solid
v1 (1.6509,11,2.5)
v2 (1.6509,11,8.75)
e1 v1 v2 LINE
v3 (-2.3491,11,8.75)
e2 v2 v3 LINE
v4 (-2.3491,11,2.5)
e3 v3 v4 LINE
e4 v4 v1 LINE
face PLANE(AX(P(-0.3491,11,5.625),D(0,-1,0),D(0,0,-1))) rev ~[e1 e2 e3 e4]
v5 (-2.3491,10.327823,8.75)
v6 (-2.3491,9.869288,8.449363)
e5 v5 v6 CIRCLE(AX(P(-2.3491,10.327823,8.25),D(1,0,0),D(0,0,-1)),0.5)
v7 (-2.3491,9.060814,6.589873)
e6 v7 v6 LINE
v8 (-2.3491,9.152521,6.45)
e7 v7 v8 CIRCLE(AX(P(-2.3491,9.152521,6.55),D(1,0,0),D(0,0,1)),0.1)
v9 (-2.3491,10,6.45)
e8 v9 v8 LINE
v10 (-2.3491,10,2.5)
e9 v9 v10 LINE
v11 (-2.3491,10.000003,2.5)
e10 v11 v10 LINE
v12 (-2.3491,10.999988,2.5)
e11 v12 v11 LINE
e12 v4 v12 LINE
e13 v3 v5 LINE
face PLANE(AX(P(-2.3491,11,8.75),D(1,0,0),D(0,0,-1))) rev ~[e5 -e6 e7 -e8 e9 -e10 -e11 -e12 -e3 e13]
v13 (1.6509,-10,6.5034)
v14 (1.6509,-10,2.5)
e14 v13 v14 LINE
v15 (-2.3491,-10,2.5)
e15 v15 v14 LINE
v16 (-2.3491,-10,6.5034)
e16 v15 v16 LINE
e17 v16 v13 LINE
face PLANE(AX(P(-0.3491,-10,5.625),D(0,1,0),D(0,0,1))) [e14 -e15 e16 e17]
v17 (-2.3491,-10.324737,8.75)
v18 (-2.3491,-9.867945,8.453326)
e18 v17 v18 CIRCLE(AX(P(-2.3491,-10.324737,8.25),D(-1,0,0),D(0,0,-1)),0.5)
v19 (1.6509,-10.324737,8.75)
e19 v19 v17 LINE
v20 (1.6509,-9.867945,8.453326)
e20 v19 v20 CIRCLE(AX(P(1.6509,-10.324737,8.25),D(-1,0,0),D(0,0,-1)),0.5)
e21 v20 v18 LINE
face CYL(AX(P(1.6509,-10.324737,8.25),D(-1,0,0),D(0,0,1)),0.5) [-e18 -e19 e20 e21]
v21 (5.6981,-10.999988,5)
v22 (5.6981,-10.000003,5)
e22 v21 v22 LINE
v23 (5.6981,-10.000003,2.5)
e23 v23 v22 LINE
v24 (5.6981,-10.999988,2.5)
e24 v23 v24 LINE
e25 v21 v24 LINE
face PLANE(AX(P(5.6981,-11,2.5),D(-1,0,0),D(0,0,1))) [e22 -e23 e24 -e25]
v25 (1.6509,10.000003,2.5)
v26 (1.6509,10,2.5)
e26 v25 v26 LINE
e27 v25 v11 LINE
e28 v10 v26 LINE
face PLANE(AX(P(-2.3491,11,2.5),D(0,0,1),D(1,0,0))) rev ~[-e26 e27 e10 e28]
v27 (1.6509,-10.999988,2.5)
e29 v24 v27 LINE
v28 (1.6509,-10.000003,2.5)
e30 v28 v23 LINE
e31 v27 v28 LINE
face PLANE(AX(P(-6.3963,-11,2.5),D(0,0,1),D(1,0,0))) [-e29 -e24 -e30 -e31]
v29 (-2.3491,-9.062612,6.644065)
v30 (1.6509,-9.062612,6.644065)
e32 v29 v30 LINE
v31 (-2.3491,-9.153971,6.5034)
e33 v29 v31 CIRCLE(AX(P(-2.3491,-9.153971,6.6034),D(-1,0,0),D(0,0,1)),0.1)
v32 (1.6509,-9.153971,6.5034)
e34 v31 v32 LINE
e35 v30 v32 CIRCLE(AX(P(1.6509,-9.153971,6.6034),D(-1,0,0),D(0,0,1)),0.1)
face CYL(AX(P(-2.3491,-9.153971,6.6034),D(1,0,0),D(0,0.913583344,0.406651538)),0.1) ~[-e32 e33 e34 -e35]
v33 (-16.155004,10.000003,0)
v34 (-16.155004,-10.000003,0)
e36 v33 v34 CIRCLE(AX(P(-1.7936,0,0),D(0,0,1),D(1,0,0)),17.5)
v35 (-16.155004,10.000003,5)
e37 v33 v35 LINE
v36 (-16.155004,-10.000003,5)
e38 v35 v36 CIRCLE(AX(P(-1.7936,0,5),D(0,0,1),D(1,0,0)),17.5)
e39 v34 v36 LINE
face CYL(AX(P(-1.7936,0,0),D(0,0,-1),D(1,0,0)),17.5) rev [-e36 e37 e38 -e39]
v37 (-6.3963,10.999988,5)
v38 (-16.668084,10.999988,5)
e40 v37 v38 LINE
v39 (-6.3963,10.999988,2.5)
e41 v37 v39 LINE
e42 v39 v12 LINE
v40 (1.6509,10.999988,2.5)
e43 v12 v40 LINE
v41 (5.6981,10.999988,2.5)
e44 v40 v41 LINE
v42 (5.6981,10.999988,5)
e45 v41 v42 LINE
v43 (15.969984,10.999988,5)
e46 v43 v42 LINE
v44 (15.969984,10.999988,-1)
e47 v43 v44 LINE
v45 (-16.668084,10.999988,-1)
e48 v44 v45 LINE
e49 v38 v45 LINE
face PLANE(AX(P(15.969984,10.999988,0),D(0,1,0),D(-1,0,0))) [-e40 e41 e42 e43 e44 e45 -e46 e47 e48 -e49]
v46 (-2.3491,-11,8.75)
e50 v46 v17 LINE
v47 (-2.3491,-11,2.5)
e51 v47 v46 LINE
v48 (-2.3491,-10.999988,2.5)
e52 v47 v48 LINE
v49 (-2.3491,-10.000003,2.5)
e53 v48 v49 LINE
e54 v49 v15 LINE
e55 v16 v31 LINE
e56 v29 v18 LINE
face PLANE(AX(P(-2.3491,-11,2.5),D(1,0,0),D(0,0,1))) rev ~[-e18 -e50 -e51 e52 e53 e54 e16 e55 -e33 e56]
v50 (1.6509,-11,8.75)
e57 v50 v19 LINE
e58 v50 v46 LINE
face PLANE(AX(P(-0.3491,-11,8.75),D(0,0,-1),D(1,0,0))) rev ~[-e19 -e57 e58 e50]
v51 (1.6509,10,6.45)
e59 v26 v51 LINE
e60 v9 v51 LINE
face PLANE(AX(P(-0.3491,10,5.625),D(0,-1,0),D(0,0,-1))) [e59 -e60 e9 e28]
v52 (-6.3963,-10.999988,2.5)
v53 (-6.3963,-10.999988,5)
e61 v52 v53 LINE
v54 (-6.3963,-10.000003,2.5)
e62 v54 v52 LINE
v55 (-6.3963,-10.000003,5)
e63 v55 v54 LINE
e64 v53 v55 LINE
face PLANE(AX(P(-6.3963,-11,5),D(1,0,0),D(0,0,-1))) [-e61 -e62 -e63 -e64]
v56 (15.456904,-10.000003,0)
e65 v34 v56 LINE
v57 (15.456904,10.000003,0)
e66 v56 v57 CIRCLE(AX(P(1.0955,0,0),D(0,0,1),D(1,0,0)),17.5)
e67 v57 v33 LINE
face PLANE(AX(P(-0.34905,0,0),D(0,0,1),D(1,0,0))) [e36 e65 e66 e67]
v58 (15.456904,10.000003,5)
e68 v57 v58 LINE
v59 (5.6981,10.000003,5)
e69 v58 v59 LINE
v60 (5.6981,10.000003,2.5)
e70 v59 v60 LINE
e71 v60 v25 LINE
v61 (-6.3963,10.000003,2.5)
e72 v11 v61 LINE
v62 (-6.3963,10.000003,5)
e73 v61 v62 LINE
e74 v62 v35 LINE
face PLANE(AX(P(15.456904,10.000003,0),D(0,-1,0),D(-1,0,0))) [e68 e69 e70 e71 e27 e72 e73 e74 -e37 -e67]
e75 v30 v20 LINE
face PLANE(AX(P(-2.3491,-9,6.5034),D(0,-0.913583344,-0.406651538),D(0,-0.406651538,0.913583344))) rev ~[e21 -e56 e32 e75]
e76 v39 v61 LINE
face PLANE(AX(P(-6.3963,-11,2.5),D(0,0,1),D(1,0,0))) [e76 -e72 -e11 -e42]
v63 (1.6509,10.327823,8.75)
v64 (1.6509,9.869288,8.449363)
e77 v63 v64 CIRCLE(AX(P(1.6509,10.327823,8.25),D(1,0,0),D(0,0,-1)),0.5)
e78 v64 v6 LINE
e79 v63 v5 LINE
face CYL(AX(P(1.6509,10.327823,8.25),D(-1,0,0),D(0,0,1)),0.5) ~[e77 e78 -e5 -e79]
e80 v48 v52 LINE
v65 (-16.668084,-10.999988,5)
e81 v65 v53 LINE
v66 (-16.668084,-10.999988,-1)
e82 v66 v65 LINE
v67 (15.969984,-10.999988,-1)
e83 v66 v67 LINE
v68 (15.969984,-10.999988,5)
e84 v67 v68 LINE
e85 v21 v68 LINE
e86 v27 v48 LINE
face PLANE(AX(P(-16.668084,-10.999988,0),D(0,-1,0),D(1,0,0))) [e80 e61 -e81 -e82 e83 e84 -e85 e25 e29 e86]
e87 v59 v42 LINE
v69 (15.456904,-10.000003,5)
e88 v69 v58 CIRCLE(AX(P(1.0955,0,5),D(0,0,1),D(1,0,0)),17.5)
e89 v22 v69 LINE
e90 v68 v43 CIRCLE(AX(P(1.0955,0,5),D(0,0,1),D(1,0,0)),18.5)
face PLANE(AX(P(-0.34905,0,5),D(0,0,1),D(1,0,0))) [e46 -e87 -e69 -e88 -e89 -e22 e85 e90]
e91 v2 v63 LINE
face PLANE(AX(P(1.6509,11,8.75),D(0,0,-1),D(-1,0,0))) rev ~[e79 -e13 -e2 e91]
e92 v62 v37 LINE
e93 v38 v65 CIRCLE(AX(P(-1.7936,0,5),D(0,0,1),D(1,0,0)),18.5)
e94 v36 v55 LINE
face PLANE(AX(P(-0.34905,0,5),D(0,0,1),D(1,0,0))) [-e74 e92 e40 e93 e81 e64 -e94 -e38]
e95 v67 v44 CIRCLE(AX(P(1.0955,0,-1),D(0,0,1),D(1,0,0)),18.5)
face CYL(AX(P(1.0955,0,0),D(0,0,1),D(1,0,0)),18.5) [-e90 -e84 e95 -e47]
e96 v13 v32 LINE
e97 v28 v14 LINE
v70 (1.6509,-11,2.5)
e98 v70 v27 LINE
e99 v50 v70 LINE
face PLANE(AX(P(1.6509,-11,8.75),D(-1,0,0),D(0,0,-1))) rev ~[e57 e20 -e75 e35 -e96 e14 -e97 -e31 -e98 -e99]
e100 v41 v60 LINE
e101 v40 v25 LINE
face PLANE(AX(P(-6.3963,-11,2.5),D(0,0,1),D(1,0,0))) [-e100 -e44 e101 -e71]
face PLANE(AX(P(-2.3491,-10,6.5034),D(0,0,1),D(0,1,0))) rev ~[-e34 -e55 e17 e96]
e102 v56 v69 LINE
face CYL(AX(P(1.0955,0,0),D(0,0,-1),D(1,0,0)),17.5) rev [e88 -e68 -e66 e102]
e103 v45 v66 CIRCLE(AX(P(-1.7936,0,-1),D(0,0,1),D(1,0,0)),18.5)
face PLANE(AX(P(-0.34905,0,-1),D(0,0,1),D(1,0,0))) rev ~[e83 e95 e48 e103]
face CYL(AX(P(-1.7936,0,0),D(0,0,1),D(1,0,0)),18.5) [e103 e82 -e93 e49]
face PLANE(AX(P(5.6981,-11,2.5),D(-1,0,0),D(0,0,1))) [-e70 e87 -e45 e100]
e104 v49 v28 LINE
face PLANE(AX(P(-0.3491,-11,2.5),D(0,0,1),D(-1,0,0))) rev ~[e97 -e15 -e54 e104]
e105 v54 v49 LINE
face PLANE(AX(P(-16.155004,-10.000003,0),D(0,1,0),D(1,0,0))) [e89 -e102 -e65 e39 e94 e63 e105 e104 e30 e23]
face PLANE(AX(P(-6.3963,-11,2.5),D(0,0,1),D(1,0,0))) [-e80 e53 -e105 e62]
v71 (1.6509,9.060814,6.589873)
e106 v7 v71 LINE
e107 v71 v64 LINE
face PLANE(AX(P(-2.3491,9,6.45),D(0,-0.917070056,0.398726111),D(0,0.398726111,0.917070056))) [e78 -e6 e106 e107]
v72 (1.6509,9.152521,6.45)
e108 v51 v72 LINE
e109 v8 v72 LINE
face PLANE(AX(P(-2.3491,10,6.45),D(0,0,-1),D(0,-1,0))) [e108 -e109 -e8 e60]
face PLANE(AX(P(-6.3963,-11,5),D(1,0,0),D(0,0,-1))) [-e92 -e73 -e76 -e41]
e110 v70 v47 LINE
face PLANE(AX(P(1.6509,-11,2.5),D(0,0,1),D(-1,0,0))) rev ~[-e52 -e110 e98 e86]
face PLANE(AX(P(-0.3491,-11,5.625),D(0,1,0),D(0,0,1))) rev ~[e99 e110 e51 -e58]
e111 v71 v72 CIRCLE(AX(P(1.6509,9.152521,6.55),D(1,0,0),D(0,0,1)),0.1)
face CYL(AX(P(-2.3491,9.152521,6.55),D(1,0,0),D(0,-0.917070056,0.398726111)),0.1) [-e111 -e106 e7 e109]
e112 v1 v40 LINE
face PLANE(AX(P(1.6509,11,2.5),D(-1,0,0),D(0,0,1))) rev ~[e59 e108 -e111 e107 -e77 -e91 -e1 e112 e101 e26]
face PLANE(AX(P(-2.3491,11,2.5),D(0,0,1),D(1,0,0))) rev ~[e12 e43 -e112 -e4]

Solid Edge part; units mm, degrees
sketch "Sketch1" plane through (0, 0, 0) normal (0, 0, 1) x (1, 0, 0)
  arc A0 (-16.6681, 11) -> (-16.6681, -11) centre (-1.7936, 0) ccw
  line L0 (-16.6681, -11) -> (15.97, -11)
  arc A1 (15.97, -11) -> (15.97, 11) centre (1.0955, 0) ccw
  line L1 (15.97, 11) -> (-16.6681, 11)
extrude "Protrusion1" add sketch "Sketch1" against normal blind 1
sketch "Sketch2" plane through (0, 0, 0) normal (0, 0, 1) x (1, 0, 0)
  arc A0 (-16.155, 10) -> (-16.155, -10) centre (-1.7936, 0) ccw
  line L0 (-16.155, -10) -> (15.4569, -10)
  arc A1 (15.4569, -10) -> (15.4569, 10) centre (1.0955, 0) ccw
  line L1 (15.4569, 10) -> (-16.155, 10)
  arc A2 (-16.6681, 11) -> (-16.6681, -11) centre (-1.7936, 0) ccw
  line L2 (-16.6681, -11) -> (15.97, -11)
  arc A3 (15.97, -11) -> (15.97, 11) centre (1.0955, 0) ccw
  line L3 (15.97, 11) -> (-16.6681, 11)
  dimension "D1" = 1
extrude "ProtrusioneEstrusa_3" add sketch "Sketch2" along normal blind 5
sketch "Sketch3" plane through (-0.3491, -11, 2) normal (0, -1, 0) x (1, 0, 0)
  line L0 (-6.0472, 3) -> (-6.0472, 0.5)
  line L1 (-6.0472, 0.5) -> (6.0472, 0.5)
  line L2 (6.0472, 0.5) -> (6.0472, 3)
  line L3 (6.0472, 3) -> (-6.0472, 3)
extrude "ScavoEstrusione_1" cut sketch "Sketch3" along normal mid plane 65.044
sketch "Sketch4" plane through (-0.3491, -11, 2) normal (0, -1, 0) x (1, 0, 0)
  line L0 (2, 6.75) -> (2, 0.5)
  line L1 (2, 0.5) -> (0, 0.5)
  line L2 (0, 0.5) -> (-2, 0.5)
  line L3 (-2, 0.5) -> (-2, 6.75)
  line L4 (-2, 6.75) -> (0, 6.75)
  line L5 (0, 6.75) -> (2, 6.75)
extrude "Protrusion2" add sketch "Sketch4" against normal up to vertex (1 mm away)
sketch "Sketch5" plane through (-0.3491, 11, 2) normal (0, 1, 0) x (-1, 0, 0)
  line L0 (-2, 6.75) -> (2, 6.75)
  line L1 (2, 6.75) -> (2, 0.5)
  line L2 (2, 0.5) -> (-2, 0.5)
  line L3 (-2, 0.5) -> (-2, 6.75)
extrude "Protrusion3" add sketch "Sketch5" against normal up to vertex (1 mm away)
sketch "Sketch6" plane through (-2.3491, -10.5, 5.625) normal (-1, 0, 0) x (0, 0, 1)
  line L0 (0.8784, 1.5) -> (3.125, 0.5)
  line L1 (3.125, 0.5) -> (0.8784, 0.5)
  line L2 (0.8784, 0.5) -> (0.8784, 1.5)
  line L3 (3.125, 20.5) -> (0.825, 20.5)
  line L4 (0.825, 20.5) -> (0.825, 19.5)
  line L5 (0.825, 19.5) -> (3.125, 20.5)
extrude "Protrusion4" add sketch "Sketch6" against normal up to vertex (4 mm away)
fillet "Rotondo_1" radius 0.5 2 edges at (-0.3491, -10, 8.75) (-0.3491, 10, 8.75)
fillet "Rotondo_2" radius 0.1 2 edges at (-0.3491, -9, 6.5034) (-0.3491, 9, 6.45)
